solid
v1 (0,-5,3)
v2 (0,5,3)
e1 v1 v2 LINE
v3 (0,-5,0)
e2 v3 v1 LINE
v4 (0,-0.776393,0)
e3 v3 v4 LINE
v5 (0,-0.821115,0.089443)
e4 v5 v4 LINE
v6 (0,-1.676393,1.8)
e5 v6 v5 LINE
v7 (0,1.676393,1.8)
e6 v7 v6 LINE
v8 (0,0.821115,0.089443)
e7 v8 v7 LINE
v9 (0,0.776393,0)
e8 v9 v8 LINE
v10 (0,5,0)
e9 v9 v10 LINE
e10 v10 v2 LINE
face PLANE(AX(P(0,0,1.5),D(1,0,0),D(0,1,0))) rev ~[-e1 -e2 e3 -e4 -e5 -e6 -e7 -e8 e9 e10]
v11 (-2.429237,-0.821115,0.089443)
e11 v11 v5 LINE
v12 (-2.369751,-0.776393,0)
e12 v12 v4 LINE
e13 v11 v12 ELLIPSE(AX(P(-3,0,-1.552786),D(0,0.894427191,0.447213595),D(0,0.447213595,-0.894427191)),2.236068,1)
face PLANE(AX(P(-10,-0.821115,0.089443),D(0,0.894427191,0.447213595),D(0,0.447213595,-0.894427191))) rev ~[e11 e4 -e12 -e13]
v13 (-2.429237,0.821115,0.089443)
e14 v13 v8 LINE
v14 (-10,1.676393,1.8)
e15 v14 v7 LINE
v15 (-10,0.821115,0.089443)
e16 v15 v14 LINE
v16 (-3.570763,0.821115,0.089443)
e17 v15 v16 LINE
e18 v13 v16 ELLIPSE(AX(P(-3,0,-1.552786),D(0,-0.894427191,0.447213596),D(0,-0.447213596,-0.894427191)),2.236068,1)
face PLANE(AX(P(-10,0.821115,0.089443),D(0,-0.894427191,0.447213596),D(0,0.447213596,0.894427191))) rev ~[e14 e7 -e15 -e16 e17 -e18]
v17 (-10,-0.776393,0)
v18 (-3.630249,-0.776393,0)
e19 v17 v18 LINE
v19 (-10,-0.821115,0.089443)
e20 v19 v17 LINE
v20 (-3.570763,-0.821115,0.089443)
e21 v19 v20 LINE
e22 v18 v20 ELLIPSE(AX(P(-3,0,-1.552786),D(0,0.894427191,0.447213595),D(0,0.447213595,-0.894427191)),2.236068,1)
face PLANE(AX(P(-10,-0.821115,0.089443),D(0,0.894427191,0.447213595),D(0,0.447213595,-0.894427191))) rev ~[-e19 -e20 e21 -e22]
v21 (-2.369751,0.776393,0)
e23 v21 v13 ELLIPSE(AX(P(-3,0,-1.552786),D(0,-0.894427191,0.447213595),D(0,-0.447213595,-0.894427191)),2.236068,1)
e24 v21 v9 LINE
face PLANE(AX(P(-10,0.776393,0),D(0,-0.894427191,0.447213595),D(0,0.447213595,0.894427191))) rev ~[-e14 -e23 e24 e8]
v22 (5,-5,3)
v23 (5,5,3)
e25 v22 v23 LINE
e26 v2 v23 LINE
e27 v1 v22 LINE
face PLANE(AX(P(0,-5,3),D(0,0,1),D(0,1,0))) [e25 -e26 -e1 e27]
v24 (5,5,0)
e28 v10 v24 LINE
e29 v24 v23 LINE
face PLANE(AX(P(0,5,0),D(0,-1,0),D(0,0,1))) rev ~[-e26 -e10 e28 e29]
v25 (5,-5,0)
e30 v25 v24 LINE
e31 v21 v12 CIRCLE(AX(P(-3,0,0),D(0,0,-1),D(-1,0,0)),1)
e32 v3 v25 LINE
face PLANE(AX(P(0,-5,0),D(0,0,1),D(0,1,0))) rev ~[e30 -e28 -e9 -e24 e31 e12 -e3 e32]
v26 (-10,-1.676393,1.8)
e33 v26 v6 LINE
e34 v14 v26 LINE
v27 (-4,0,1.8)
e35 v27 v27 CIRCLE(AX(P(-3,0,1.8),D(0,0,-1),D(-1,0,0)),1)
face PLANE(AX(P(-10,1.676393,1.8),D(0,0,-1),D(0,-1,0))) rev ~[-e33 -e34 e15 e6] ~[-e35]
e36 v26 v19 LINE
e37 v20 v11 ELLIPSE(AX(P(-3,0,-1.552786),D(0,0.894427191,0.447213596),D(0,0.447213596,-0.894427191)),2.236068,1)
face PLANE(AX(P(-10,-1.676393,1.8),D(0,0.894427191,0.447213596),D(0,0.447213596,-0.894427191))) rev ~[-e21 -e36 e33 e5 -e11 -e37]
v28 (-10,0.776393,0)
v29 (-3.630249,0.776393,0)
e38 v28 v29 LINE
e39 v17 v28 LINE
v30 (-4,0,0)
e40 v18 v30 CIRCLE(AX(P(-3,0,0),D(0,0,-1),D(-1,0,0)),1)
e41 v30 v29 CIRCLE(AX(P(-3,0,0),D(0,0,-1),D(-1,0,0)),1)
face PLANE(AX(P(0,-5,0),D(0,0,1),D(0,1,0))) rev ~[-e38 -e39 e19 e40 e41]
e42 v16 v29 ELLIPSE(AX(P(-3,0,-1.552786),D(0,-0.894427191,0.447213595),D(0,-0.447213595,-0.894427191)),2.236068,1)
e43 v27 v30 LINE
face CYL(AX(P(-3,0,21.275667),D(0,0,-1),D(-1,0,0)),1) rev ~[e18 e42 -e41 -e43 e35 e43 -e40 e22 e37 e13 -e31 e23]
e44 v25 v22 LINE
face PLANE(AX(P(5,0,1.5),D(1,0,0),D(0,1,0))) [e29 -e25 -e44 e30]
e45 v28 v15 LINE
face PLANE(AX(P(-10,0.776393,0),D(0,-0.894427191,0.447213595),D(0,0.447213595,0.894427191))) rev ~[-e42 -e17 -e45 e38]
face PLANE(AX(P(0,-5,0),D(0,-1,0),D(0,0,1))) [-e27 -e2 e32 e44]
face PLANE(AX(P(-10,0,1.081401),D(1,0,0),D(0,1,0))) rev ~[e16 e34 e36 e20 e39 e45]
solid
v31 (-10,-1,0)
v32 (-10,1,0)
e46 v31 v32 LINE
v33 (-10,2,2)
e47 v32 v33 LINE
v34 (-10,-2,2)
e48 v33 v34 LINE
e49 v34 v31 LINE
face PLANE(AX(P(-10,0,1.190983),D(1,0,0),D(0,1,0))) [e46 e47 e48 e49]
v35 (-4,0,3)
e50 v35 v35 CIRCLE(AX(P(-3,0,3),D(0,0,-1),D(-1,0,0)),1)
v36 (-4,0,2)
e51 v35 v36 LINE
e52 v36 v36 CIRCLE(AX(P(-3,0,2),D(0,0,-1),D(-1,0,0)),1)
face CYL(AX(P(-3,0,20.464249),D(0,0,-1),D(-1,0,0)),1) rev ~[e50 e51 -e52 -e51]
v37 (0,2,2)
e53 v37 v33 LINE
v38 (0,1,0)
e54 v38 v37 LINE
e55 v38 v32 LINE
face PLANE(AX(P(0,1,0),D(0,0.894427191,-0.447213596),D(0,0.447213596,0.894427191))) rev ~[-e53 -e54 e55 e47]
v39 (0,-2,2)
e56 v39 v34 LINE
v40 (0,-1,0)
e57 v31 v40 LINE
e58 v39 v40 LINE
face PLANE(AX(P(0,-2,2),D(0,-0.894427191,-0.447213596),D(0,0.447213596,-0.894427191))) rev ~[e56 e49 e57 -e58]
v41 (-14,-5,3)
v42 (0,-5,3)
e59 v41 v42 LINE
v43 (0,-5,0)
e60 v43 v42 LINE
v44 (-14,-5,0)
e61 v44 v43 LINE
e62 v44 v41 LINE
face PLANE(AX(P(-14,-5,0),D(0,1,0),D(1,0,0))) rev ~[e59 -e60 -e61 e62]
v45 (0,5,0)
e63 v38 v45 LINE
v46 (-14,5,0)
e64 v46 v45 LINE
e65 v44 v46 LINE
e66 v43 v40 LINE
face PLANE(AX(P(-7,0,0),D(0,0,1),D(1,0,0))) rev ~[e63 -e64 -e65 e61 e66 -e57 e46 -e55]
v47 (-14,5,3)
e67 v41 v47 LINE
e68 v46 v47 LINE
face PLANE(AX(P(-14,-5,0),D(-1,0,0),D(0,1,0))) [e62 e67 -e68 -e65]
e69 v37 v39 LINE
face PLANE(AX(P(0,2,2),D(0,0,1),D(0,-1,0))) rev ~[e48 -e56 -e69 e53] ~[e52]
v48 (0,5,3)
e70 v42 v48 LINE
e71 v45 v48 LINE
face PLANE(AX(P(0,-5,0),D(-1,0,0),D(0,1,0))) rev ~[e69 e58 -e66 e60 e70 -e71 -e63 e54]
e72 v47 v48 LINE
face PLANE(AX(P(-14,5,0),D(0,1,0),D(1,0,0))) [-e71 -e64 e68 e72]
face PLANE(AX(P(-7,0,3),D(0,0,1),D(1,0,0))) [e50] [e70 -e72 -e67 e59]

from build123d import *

# Parameters (mm, degrees)
F0_W     = 14
F0_H     = 10
F2_DEPTH = 3
F4_DEPTH = 10
F6_DEPTH = 10
F7_W     = 10
F7_H     = 3
F8_DEPTH = 5
F10_D    = 2
F10_2_D  = 2


with BuildPart() as f2:
    # F0 (on Top) → F2 (new body)
    with BuildSketch(Plane.XY):
        with Locations((-7, 0)):
            Rectangle(F0_W, F0_H)
    extrude(amount=F2_DEPTH)

    # F3 (on face) → F4 (cut)
    with BuildSketch(Plane.YZ):
        Polygon((-1, 0), (0, 0), (1, 0), (2, 2), (0, 2), (-2, 2), align=None)
    extrude(amount=-F4_DEPTH, mode=Mode.SUBTRACT)

    # F10 (through all)
    with Locations(Plane.XY.offset(3)):
        with Locations((-3, 0)):
            Hole(F10_D / 2)


with BuildPart() as f6:
    # F5 (on face) → F6 (new body)
    with BuildSketch(Plane.YZ.offset(-10)):
        Polygon((-1.6763932023, 1.8), (-0.8211145618, 0.0894427191), (-0.7763932023, 0), (0, 0), (0.7763932023, 0), (0.8211145618, 0.0894427191), (1.6763932023, 1.8), align=None)
    extrude(amount=F6_DEPTH)

    # F7 (on face) → F8 (join)
    with BuildSketch(Plane.YZ):
        with Locations((0, 1.5)):
            Rectangle(F7_W, F7_H)
    extrude(amount=F8_DEPTH)

    # F10#2 (through all)
    with Locations(Plane.XY.offset(3)):
        with Locations((-3, 0)):
            Hole(F10_2_D / 2)


solid = Compound([f2.part, f6.part])
